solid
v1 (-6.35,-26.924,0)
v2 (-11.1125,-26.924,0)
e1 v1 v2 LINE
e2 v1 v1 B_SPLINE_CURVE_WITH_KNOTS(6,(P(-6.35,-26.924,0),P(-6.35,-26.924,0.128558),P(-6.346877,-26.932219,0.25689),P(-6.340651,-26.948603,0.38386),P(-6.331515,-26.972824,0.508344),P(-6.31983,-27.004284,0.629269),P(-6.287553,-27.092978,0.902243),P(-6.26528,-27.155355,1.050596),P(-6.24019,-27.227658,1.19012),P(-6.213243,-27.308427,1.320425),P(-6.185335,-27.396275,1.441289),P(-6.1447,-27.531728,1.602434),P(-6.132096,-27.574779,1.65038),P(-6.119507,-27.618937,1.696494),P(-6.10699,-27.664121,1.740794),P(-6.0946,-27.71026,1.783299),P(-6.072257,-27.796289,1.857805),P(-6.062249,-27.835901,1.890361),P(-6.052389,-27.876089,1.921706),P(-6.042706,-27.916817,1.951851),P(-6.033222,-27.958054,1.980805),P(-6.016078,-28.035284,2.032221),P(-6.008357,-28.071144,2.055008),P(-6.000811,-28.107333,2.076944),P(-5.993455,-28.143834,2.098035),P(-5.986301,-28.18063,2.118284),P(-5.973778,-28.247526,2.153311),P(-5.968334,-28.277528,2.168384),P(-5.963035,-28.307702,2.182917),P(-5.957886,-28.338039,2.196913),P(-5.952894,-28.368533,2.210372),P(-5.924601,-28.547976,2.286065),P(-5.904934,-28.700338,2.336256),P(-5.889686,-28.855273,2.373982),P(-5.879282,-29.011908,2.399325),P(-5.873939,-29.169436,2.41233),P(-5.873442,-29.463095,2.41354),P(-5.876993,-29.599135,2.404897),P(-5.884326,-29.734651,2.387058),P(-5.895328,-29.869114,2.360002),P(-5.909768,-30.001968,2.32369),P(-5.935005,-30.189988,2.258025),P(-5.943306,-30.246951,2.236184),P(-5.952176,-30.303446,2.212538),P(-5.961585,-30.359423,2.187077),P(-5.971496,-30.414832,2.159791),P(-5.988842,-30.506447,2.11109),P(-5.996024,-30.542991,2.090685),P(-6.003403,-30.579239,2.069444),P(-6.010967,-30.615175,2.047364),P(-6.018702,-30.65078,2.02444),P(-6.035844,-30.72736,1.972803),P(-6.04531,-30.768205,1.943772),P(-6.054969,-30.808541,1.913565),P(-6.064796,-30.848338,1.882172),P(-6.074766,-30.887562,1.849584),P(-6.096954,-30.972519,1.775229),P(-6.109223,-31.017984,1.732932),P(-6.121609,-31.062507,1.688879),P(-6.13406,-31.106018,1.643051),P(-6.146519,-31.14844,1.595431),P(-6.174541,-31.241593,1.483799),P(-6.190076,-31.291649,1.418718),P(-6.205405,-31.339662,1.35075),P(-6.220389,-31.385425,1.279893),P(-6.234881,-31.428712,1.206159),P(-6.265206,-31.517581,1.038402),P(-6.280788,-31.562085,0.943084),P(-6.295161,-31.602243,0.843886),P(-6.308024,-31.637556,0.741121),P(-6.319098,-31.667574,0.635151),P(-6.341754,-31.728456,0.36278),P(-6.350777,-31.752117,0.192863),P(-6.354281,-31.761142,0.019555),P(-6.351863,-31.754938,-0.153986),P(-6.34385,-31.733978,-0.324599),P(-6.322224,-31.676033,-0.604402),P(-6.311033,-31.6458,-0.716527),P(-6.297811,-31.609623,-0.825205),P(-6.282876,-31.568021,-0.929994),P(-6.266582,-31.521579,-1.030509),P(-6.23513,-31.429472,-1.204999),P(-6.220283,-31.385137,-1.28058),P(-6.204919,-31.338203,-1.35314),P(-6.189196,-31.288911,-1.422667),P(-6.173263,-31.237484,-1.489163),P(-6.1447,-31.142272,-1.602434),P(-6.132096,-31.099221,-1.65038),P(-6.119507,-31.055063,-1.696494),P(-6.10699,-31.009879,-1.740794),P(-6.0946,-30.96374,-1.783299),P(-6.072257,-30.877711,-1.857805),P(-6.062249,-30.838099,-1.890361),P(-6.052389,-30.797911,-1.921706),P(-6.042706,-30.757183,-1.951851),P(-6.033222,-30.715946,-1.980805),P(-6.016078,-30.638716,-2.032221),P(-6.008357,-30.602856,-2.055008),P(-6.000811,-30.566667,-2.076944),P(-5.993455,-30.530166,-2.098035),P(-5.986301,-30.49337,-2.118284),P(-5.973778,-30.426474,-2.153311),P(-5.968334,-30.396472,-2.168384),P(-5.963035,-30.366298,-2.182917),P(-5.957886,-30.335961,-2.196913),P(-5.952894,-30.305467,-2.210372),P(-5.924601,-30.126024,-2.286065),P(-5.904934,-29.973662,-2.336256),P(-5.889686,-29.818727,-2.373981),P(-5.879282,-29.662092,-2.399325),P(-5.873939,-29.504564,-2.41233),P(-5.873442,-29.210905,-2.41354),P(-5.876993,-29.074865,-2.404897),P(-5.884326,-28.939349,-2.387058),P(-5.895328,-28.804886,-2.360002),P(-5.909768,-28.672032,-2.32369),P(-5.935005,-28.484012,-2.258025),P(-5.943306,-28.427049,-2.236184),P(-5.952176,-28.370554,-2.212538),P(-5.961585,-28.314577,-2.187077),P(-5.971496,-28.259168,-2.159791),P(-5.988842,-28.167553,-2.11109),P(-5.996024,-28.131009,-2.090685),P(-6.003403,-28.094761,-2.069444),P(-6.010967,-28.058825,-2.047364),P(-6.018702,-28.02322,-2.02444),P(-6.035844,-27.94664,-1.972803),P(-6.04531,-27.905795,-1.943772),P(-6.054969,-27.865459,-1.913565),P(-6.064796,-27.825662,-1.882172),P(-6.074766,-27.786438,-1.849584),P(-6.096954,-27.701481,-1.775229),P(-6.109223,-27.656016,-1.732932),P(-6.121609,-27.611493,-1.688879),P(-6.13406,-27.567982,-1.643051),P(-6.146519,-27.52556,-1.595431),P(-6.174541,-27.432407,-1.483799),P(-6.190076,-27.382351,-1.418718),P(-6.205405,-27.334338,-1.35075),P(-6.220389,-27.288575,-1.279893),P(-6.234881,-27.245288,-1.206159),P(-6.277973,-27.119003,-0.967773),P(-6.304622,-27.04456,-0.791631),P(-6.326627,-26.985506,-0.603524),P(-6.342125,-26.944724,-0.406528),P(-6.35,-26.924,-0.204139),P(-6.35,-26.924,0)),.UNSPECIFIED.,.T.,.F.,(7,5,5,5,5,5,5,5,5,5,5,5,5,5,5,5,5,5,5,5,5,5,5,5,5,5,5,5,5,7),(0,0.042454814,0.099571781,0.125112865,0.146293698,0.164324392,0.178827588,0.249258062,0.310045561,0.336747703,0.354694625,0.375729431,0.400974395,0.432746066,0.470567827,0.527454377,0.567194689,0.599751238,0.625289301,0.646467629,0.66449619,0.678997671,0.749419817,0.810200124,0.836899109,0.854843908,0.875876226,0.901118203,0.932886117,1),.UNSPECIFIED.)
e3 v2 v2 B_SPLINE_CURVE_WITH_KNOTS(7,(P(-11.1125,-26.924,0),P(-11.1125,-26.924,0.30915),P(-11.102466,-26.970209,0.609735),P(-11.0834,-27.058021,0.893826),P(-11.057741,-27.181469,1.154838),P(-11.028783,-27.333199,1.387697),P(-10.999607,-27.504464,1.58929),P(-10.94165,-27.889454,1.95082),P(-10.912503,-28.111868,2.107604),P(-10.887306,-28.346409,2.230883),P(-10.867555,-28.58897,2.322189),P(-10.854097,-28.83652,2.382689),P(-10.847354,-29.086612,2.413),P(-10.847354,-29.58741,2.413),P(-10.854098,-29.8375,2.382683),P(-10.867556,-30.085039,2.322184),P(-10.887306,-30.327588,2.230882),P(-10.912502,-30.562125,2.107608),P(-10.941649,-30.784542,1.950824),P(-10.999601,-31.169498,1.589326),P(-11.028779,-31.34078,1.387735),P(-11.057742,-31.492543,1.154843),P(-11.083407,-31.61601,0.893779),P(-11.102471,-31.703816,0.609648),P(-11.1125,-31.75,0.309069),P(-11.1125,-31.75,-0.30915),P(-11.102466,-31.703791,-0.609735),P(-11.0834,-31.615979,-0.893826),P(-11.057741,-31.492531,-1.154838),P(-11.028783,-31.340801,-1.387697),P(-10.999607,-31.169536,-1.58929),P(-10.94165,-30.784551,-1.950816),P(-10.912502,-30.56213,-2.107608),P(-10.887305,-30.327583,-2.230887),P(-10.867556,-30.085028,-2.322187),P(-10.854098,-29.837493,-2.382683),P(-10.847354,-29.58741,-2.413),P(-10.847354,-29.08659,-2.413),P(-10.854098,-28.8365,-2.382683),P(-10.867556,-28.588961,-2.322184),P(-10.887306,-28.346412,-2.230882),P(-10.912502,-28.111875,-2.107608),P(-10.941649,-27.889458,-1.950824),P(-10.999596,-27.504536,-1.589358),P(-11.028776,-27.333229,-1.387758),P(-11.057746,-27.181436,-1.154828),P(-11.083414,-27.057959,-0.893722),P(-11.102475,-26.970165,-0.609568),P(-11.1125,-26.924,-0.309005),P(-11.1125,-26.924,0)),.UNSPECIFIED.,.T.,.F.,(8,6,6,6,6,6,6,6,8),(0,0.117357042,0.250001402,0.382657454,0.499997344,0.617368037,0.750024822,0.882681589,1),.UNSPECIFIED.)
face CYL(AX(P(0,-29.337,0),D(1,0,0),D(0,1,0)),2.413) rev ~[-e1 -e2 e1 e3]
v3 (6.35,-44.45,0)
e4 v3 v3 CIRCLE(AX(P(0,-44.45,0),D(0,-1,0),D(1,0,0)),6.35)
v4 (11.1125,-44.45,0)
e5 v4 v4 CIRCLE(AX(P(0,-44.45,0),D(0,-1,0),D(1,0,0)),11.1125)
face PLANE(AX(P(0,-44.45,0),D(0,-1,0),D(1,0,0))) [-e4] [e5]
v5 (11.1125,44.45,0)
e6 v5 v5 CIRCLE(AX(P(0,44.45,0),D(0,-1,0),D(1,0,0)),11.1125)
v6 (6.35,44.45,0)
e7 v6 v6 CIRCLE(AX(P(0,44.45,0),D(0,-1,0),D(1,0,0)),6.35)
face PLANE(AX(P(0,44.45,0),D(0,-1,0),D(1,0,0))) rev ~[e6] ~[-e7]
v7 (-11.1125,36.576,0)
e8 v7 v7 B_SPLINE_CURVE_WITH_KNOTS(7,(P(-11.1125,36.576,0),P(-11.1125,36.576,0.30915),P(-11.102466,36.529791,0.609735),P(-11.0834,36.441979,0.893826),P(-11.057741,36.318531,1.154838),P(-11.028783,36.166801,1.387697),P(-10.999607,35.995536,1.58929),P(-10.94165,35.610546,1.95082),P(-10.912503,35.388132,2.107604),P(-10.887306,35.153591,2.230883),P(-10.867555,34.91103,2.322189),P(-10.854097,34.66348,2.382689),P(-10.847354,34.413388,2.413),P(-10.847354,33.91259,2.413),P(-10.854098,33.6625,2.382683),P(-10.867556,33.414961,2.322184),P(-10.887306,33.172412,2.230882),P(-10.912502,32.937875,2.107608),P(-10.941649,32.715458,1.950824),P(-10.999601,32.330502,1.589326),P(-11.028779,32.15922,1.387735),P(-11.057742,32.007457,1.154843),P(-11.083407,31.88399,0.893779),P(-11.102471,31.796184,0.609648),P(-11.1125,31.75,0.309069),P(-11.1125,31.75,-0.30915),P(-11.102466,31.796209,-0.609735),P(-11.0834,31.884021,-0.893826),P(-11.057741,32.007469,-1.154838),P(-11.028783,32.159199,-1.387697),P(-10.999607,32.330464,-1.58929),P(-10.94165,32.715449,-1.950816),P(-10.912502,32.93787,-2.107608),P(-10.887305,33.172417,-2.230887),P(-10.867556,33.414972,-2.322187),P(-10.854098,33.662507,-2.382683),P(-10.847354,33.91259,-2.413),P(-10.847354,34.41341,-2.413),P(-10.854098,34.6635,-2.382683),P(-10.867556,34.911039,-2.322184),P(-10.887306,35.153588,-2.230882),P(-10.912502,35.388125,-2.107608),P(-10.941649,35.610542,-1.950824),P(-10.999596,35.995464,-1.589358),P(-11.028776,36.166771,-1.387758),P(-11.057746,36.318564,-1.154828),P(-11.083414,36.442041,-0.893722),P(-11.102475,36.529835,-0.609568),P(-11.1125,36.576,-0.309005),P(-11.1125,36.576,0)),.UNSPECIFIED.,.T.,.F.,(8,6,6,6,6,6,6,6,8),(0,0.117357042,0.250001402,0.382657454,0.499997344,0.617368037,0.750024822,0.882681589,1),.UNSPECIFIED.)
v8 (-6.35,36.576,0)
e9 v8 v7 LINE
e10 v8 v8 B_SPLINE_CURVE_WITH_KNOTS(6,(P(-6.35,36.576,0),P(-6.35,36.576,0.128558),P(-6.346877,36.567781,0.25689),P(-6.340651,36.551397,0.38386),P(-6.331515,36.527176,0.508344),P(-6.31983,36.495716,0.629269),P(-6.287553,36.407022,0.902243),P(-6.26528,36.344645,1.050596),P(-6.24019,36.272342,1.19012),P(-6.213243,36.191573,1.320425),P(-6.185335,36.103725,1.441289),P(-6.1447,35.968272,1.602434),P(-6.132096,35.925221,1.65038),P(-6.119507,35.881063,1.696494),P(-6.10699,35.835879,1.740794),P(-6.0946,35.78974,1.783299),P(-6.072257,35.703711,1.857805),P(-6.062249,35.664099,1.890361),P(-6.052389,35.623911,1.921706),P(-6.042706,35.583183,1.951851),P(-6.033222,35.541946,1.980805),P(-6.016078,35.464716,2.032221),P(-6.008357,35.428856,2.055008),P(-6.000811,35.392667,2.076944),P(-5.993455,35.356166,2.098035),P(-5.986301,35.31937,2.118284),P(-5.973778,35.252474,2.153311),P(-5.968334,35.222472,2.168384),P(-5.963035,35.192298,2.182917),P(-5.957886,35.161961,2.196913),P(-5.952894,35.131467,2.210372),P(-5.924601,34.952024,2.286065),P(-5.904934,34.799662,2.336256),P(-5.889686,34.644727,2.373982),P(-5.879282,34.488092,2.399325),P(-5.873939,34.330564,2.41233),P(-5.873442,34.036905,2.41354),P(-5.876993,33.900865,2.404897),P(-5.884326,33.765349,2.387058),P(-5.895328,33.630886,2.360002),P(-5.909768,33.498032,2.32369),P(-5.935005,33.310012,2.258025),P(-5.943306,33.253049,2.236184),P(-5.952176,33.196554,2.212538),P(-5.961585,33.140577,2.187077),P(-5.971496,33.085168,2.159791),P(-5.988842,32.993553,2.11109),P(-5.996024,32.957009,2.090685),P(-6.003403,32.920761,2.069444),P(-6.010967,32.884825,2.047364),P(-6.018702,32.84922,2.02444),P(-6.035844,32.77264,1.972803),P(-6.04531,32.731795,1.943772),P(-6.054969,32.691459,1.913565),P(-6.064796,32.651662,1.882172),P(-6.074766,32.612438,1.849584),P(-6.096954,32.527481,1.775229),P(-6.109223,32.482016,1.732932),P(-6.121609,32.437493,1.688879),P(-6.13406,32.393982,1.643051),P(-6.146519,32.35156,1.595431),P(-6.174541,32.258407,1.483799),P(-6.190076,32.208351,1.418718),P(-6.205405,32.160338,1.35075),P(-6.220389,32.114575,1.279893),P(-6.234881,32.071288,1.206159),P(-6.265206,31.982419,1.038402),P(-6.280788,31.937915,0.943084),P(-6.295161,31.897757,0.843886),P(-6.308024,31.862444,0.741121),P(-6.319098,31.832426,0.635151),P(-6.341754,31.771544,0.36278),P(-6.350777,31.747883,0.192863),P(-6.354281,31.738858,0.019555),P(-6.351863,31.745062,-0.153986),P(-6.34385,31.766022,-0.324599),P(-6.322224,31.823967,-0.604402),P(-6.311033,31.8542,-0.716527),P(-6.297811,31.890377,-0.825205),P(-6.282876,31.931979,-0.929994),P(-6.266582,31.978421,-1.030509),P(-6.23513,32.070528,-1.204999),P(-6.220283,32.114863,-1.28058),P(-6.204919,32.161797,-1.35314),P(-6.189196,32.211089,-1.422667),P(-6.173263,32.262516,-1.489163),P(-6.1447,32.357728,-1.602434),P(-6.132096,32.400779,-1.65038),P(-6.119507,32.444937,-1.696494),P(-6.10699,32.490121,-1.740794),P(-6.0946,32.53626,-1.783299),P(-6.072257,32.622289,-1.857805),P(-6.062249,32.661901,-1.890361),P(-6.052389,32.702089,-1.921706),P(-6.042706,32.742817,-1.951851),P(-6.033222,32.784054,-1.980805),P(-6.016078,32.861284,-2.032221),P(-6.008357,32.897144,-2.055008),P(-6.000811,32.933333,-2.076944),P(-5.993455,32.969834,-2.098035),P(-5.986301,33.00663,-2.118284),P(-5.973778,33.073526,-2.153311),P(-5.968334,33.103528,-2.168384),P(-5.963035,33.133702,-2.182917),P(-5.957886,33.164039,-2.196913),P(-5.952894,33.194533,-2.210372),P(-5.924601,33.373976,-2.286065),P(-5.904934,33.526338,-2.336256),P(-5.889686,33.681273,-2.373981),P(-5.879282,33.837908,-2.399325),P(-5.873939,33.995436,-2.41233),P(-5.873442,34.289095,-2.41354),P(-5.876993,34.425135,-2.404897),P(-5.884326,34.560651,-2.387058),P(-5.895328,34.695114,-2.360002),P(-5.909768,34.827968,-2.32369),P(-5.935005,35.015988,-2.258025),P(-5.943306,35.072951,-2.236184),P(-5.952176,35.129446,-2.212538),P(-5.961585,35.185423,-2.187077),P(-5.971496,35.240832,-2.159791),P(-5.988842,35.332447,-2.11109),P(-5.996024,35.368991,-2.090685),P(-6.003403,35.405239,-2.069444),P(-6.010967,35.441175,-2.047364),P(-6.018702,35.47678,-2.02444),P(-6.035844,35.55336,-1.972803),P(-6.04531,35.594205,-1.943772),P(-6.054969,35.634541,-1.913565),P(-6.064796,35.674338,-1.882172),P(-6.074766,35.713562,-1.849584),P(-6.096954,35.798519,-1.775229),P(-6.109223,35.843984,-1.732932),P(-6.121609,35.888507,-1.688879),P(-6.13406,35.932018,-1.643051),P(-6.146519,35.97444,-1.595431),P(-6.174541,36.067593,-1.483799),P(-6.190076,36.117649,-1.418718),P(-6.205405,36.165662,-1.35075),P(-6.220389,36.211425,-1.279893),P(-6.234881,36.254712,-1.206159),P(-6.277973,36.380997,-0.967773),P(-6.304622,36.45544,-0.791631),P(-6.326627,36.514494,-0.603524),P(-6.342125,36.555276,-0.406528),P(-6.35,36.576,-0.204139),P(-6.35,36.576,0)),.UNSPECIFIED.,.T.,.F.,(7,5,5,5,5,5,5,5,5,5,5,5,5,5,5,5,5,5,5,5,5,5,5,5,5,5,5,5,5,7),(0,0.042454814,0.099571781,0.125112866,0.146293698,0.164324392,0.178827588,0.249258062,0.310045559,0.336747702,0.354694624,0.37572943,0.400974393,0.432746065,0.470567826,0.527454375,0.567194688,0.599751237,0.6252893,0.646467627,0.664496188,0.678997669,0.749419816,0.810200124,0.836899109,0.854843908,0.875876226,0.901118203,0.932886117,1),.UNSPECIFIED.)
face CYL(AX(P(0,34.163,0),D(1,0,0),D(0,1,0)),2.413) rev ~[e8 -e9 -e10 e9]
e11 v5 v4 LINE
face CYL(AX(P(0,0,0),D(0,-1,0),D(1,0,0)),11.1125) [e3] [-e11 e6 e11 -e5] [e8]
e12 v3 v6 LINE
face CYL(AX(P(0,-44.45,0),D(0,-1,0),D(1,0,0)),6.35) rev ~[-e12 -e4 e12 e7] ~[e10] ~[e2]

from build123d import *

# Parameters (mm, degrees)
F0_R     = 11.1125
F1_DEPTH = 44.45
F2_R     = 6.35
F3_DEPTH = 88.9
F4_R     = 2.413
F5_DEPTH = 25.4
F6_R     = 2.413
F7_DEPTH = 25.4


with BuildPart() as f1:
    # F0 (on Front) → F1 (new body, symmetric)
    with BuildSketch(Plane.XZ):
        Circle(F0_R)
    extrude(amount=F1_DEPTH, both=True)

    # F2 (on face) → F3 (cut)
    with BuildSketch(Plane.XZ.offset(44.45)):
        Circle(F2_R)
    extrude(amount=-F3_DEPTH, mode=Mode.SUBTRACT)

    # F4 (on Right) → F5 (cut)
    with BuildSketch(Plane.YZ):
        with Locations((-29.337, 0)):
            Circle(F4_R)
    extrude(amount=-F5_DEPTH, mode=Mode.SUBTRACT)

    # F6 (on Right) → F7 (cut)
    with BuildSketch(Plane.YZ):
        with Locations((34.163, 0)):
            Circle(F6_R)
    extrude(amount=-F7_DEPTH, mode=Mode.SUBTRACT)


solid = f1.part
